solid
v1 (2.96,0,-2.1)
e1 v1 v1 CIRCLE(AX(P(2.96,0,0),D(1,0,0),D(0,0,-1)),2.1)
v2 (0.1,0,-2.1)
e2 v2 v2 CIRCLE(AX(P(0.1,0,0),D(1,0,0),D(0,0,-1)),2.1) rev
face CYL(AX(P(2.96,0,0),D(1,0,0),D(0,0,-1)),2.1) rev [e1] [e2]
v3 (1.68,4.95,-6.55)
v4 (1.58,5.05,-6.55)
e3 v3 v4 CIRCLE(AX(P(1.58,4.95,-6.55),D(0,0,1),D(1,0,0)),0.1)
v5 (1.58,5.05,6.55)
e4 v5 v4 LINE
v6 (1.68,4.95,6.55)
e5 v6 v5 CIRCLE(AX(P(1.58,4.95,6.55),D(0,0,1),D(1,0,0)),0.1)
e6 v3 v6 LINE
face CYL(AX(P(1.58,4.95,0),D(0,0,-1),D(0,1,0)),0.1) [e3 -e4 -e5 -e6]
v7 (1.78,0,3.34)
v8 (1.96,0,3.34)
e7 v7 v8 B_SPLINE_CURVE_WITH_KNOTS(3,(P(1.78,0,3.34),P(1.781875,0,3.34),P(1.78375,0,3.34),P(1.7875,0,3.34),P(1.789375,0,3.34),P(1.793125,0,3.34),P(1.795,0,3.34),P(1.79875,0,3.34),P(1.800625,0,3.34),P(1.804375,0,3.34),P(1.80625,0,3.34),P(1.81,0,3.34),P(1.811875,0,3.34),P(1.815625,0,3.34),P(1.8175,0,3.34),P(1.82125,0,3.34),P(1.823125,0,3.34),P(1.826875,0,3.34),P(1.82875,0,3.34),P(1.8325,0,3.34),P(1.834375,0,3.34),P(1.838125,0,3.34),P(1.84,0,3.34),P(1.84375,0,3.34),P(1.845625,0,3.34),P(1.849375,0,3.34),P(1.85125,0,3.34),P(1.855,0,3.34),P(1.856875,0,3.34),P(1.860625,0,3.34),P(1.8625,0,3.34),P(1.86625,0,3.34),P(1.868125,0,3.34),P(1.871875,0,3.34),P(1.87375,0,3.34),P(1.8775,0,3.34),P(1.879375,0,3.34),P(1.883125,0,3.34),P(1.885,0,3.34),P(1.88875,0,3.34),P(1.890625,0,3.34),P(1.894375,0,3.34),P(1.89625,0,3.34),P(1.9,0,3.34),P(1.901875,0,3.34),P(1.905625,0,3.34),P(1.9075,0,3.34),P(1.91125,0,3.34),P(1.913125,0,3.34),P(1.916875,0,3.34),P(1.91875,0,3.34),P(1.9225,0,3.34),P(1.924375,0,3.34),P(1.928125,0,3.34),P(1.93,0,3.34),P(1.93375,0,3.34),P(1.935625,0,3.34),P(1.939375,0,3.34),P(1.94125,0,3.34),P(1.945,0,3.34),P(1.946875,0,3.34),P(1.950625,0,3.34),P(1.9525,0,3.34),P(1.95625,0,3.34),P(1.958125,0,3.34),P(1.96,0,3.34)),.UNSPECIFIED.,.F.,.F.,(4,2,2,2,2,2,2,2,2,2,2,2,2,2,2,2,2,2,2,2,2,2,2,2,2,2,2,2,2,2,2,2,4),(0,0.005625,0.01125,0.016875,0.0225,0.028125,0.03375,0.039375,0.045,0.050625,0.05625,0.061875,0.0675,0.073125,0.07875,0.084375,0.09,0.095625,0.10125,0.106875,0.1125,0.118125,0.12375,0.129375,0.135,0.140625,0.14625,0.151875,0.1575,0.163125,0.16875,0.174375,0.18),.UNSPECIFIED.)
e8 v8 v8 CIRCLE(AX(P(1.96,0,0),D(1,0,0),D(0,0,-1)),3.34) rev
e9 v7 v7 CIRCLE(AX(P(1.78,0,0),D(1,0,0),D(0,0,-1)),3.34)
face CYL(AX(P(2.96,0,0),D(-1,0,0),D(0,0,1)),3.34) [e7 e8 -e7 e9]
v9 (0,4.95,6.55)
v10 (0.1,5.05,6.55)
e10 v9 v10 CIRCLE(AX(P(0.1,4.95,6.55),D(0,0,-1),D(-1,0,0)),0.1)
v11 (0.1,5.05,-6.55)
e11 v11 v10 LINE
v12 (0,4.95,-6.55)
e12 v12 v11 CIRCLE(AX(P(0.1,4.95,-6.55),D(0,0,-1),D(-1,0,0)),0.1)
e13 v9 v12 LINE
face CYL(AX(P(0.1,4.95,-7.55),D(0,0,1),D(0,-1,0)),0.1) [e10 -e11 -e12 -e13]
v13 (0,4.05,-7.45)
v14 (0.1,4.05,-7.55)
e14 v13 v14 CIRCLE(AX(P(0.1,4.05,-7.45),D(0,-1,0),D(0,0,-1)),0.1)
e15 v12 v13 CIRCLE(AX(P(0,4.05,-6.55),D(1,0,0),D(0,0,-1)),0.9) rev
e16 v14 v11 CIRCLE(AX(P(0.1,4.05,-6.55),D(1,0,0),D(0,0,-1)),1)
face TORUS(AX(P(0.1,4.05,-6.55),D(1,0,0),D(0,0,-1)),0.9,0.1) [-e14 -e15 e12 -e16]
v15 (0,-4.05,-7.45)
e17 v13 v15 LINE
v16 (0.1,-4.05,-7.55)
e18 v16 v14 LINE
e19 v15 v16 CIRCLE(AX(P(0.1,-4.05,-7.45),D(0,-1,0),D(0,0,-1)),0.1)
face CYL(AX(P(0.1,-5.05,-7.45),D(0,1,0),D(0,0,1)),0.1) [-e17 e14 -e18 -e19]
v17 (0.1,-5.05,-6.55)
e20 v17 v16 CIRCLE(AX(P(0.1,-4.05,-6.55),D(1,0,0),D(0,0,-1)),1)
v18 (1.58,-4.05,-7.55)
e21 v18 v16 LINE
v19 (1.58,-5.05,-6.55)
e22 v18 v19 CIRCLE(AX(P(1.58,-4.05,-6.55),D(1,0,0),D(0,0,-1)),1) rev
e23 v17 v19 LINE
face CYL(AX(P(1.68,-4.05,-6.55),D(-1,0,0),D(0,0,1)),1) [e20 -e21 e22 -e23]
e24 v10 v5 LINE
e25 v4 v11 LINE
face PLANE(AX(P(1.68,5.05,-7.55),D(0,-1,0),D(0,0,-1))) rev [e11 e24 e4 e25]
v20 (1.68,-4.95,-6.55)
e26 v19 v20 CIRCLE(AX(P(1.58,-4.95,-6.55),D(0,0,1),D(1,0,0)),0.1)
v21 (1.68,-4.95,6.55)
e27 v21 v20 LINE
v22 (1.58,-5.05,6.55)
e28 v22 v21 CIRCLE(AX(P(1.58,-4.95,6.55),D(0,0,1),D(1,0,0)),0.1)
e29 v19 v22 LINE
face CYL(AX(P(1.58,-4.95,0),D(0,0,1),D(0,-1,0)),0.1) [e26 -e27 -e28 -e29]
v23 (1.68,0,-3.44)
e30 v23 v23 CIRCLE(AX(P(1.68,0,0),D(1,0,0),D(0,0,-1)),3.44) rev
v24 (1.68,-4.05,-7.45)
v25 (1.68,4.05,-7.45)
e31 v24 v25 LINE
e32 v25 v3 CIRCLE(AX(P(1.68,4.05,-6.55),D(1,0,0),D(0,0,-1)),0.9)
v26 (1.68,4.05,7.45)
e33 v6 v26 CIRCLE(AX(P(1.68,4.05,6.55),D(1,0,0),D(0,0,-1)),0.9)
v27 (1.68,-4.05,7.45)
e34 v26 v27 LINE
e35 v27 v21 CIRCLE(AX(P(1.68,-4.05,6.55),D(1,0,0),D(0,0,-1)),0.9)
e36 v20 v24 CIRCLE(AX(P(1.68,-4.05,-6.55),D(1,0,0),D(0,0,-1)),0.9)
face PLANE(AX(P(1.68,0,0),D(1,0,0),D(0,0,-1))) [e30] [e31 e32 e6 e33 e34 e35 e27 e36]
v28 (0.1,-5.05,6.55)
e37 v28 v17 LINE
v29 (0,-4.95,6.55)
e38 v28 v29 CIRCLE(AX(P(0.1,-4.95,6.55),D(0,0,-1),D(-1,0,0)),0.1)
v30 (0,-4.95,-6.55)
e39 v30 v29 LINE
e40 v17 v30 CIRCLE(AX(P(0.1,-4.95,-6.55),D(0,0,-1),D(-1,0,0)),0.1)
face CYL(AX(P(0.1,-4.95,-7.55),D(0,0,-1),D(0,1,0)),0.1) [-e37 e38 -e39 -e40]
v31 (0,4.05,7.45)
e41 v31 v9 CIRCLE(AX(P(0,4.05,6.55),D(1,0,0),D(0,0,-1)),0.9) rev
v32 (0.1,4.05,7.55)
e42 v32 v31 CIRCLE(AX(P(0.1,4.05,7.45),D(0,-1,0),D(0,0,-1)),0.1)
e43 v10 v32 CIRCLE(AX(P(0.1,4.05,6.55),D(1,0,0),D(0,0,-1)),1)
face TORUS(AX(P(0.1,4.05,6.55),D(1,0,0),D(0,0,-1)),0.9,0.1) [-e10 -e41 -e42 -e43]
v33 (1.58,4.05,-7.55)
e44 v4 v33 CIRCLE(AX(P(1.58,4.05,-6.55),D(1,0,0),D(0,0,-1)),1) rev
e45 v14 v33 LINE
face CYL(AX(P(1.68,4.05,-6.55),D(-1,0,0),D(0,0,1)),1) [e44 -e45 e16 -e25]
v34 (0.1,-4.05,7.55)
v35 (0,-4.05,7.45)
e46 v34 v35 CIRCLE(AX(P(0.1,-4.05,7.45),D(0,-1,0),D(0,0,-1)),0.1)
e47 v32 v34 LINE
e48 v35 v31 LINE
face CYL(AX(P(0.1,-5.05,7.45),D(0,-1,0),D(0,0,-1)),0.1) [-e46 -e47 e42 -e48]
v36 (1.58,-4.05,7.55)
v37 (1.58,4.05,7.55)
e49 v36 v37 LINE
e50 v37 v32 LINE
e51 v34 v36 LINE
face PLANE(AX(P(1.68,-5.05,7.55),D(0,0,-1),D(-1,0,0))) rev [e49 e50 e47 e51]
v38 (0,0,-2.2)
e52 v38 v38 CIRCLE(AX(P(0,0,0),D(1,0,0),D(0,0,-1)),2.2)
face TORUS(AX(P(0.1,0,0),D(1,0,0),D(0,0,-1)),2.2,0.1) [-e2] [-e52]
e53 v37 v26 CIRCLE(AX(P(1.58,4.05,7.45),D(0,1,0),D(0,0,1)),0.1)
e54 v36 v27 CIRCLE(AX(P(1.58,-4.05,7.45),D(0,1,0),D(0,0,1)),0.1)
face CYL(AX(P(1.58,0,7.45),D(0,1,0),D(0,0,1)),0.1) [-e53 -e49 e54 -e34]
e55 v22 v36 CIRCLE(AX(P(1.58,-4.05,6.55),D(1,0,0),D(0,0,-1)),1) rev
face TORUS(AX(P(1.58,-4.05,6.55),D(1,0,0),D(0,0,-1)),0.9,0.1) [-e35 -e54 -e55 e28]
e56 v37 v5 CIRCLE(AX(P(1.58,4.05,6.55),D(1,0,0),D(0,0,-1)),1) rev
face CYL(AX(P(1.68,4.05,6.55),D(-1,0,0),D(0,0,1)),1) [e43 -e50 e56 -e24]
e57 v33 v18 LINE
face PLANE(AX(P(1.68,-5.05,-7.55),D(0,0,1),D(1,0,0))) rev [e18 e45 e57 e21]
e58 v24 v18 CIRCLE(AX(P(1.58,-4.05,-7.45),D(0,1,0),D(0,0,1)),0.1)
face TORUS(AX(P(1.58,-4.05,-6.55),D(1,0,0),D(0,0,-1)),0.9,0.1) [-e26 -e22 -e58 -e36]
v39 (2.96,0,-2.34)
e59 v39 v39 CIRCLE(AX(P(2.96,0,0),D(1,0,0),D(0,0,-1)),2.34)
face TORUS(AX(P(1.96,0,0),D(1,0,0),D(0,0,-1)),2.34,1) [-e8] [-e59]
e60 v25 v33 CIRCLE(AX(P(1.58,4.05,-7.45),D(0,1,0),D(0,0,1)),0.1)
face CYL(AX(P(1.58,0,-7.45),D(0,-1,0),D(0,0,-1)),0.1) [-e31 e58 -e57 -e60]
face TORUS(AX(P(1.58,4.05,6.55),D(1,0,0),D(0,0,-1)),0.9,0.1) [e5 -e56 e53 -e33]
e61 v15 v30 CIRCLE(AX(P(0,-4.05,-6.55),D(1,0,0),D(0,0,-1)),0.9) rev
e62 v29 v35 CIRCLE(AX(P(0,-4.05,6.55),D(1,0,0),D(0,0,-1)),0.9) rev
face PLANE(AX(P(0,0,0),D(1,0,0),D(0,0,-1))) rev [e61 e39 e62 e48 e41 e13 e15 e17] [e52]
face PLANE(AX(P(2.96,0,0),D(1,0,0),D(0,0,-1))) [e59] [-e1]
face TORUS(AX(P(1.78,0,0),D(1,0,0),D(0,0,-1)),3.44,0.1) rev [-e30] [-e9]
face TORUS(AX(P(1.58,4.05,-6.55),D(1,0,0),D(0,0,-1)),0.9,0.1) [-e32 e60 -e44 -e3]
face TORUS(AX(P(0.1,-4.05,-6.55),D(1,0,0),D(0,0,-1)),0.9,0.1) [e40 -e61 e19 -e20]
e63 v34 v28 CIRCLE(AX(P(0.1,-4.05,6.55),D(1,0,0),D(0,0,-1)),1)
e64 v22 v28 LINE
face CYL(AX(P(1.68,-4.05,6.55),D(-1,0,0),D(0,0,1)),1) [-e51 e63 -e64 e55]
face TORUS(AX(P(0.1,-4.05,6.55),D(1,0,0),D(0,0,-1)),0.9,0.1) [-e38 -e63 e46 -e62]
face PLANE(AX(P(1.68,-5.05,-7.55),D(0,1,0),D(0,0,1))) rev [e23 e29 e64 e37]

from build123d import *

# Parameters (mm, degrees)
SKETCH1_W             = 15.1
SKETCH1_H             = 10.1
BOSS_EXTRUDE1_DEPTH   = 1.68
SKETCH3_R             = 3.34
BOSS_EXTRUDE2_DEPTH   = 1.28
FILLET1_R             = 1
M5X0_8_TAPPED_HOLE1_D = 4.2
FILLET2_R             = 1
FILLET3_R             = 0.1


with BuildPart() as part:
    # Sketch1 → Boss-Extrude1 (new body)
    with BuildSketch(Plane(origin=(0, 0, 0), x_dir=(0, 0, -1), z_dir=(1, 0, 0))):
        Rectangle(SKETCH1_W, SKETCH1_H)
    extrude(amount=BOSS_EXTRUDE1_DEPTH)

    # Sketch3 → Boss-Extrude2 (add)
    with BuildSketch(Plane(origin=(1.68, 0, 0), x_dir=(0, 0, -1), z_dir=(1, 0, 0))):
        with Locations(Location((0, 0, 0), (0, 0, 180))):
            Circle(SKETCH3_R)
    extrude(amount=BOSS_EXTRUDE2_DEPTH)

    # Fillet1
    fillet1_edges = [part.edges().sort_by_distance(p)[0] for p in [
        (2.96, 0, -3.34),
    ]]
    fillet(fillet1_edges, radius=FILLET1_R)

    # M5x0.8 Tapped Hole1 (through all)
    with Locations(Plane(origin=(2.96, 0, 0), x_dir=(0, 0, -1), z_dir=(1, 0, 0))):
        with Locations((0, 0)):
            Hole(M5X0_8_TAPPED_HOLE1_D / 2)

    # Fillet2
    fillet2_edges = [part.edges().sort_by_distance(p)[0] for p in [
        (0.84, 5.05, 7.55),
        (0.84, 5.05, -7.55),
        (0.84, -5.05, -7.55),
        (0.84, -5.05, 7.55),
    ]]
    fillet(fillet2_edges, radius=FILLET2_R)

    # Fillet3
    fillet3_edges = [part.edges().sort_by_distance(p)[0] for p in [
        (1.68, 0, -3.34),
        (0, 0, -2.1),
        (0, -5.05, 0),
        (1.68, -5.05, 0),
        (0, 0, 7.55),
        (0, 5.05, 0),
        (0, 0, -7.55),
        (0, 4.757106781, 7.257106781),
        (0, 4.757106781, -7.257106781),
        (0, -4.757106781, -7.257106781),
        (0, -4.757106781, 7.257106781),
        (1.68, 0, 7.55),
        (1.68, 0, -7.55),
        (1.68, 5.05, 0),
        (1.68, 4.757106781, 7.257106781),
        (1.68, 4.757106781, -7.257106781),
        (1.68, -4.757106781, -7.257106781),
        (1.68, -4.757106781, 7.257106781),
    ]]
    fillet(fillet3_edges, radius=FILLET3_R)


solid = part.part
